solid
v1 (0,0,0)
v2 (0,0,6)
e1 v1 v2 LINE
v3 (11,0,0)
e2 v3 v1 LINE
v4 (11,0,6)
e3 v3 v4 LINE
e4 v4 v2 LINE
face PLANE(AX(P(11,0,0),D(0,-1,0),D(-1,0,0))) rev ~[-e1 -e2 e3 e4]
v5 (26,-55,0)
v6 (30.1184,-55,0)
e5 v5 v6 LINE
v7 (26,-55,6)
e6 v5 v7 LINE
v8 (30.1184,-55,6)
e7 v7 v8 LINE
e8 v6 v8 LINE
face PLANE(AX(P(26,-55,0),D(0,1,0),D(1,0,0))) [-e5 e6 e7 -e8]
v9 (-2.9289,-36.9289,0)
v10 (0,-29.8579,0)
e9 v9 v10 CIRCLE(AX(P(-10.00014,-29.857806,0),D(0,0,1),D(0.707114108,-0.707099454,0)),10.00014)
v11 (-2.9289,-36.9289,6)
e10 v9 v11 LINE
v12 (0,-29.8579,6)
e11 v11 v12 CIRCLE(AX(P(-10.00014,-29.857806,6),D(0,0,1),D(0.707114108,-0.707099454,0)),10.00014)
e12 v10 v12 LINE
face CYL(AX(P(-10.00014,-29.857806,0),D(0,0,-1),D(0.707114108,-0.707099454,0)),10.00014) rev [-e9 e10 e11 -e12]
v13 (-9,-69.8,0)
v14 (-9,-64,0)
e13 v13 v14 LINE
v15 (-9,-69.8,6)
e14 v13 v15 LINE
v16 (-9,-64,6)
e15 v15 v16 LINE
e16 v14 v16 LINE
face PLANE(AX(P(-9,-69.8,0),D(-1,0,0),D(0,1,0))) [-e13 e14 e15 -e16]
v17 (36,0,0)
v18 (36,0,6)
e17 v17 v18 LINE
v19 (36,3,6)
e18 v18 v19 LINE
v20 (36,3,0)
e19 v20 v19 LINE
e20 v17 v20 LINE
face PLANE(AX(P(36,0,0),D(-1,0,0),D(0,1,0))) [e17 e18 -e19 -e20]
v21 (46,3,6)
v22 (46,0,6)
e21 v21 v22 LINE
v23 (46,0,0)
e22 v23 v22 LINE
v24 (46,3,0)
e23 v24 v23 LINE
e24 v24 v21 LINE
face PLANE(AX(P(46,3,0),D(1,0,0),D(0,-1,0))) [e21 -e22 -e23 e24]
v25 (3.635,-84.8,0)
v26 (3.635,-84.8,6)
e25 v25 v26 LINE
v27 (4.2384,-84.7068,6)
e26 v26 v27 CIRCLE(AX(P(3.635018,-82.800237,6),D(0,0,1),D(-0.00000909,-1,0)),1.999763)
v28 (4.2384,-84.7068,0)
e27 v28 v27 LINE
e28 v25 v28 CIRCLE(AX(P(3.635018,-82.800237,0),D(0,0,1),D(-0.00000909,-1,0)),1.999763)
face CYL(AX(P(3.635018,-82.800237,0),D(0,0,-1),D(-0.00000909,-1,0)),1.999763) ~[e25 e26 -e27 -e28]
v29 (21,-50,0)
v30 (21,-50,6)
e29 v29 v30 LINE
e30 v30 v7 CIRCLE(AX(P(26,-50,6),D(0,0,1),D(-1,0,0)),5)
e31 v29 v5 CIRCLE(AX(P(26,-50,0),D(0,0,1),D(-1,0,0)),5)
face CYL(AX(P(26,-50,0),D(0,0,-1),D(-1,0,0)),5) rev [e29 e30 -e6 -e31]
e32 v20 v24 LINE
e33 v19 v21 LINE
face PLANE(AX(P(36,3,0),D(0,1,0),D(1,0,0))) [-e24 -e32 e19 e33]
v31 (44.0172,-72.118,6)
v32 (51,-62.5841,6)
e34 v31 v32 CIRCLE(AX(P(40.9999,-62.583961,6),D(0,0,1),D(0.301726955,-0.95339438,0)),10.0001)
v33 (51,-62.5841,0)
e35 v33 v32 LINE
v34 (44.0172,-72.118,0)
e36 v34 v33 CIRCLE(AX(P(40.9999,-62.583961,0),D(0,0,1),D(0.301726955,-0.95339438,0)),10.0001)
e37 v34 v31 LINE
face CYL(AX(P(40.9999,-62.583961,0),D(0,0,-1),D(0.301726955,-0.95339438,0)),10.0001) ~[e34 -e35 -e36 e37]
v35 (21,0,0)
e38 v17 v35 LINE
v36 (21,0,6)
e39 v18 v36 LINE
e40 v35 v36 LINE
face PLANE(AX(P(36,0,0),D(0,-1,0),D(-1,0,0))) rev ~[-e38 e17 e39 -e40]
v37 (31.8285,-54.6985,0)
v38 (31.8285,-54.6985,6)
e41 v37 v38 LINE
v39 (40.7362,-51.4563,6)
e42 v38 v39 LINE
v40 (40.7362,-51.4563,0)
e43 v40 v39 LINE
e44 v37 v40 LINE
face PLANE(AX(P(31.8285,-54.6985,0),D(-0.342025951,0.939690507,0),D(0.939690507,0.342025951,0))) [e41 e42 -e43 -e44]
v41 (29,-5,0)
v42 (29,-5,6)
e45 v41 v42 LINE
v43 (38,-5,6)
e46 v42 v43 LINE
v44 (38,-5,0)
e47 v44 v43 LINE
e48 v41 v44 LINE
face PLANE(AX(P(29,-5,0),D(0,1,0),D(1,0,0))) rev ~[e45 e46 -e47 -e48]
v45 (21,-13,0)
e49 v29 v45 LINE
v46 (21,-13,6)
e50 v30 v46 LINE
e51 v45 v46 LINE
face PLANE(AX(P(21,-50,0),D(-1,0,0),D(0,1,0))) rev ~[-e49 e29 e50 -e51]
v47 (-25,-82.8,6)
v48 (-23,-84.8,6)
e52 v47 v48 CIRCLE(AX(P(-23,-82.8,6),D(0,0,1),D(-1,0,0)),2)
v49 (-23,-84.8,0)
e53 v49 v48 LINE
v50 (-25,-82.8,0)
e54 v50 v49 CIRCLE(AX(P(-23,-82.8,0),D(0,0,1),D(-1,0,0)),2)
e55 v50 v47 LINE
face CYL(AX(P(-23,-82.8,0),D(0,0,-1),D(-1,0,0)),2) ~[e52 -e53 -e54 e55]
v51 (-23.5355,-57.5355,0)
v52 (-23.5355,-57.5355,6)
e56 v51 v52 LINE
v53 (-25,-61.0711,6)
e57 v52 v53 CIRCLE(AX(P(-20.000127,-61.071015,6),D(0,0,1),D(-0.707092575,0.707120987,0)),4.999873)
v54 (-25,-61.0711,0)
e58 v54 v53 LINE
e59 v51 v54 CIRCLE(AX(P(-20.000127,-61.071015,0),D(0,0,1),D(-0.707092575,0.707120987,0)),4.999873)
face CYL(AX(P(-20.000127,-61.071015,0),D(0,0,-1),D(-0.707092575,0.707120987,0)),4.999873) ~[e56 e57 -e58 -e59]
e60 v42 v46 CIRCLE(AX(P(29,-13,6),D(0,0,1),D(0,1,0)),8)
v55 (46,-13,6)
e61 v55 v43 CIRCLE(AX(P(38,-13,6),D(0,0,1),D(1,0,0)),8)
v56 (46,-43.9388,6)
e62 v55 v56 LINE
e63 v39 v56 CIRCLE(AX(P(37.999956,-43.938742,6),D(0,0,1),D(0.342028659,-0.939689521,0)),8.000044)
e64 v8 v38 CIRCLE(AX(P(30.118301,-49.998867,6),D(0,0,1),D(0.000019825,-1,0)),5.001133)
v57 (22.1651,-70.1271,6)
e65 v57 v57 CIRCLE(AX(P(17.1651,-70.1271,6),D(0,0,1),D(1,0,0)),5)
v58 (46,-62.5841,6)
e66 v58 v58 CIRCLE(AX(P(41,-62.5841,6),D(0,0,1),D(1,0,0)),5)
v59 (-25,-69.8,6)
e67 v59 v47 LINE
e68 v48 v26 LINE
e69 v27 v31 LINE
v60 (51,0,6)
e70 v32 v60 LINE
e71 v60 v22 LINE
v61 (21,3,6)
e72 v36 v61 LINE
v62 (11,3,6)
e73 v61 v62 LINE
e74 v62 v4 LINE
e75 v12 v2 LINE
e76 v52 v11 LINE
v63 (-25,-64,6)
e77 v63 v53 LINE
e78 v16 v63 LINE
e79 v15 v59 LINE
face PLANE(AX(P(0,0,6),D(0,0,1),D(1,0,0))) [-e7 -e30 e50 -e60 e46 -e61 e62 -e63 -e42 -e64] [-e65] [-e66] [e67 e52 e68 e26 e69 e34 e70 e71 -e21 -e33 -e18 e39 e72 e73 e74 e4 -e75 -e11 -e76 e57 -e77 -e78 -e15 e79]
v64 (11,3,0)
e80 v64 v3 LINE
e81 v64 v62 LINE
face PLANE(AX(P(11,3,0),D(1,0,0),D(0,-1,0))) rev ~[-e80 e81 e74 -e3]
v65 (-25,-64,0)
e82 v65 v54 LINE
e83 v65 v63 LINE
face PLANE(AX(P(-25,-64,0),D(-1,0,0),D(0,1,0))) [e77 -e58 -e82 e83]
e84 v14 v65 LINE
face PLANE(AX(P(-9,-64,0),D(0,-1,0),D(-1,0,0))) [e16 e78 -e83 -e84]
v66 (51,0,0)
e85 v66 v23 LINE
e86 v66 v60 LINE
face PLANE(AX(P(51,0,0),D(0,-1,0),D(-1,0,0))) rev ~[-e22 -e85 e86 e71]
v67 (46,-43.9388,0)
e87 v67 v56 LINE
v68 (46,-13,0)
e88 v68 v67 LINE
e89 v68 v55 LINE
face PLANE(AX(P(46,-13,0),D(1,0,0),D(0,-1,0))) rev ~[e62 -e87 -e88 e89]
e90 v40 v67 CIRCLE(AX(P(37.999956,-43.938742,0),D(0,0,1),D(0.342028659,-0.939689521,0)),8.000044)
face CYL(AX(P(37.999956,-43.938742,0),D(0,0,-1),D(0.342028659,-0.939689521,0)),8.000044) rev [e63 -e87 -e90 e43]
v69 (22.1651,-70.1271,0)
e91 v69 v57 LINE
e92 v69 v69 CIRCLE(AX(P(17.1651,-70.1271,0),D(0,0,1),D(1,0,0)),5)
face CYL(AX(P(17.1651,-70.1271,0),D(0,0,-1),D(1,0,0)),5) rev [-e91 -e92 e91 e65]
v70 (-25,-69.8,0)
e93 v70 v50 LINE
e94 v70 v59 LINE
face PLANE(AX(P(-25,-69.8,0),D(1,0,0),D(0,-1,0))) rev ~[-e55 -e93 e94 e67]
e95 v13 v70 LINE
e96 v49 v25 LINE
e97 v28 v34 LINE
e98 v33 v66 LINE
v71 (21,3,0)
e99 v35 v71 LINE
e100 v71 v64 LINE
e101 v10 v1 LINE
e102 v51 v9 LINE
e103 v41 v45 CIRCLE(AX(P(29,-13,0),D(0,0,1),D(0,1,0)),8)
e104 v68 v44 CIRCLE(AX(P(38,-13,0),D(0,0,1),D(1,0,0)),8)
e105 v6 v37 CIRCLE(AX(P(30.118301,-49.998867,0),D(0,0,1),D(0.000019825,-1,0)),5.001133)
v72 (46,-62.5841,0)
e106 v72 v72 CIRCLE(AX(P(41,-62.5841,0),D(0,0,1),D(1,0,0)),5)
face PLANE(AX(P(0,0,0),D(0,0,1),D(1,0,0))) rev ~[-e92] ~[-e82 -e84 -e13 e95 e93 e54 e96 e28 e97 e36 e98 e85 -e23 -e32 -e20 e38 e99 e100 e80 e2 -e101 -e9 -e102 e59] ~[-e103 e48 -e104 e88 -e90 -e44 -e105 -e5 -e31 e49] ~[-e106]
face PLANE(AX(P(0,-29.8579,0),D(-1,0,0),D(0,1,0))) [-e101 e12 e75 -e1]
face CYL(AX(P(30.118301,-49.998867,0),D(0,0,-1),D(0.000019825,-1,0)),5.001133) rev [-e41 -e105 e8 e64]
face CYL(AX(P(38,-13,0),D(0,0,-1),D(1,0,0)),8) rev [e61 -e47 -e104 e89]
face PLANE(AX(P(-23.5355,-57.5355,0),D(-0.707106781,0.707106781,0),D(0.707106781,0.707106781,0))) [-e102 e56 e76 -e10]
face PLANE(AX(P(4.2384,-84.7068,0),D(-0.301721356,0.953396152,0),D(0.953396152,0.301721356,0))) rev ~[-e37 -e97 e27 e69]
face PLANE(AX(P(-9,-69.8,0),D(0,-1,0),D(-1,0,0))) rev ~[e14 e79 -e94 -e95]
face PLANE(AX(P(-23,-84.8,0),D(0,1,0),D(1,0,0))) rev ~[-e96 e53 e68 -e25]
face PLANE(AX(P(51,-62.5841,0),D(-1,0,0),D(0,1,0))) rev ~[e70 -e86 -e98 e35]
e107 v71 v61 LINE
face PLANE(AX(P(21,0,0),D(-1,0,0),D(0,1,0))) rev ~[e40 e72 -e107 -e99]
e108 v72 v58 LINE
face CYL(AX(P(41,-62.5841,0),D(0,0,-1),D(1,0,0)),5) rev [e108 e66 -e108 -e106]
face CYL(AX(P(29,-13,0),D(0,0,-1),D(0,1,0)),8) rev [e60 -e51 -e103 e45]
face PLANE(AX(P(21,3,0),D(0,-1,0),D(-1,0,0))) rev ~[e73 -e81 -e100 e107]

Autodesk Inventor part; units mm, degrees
ref_plane "YZ Plane" through (0, 0, 0) normal (1, 0, 0) x (0, 1, 0)
ref_plane "XZ Plane" through (0, 0, 0) normal (0, 1, 0) x (-1, 0, 0)
ref_plane "XY Plane" through (0, 0, 0) normal (0, 0, 1) x (1, 0, 0)
sketch "Sketch1" plane through (0, 0, 0) normal (0, 0, 1) x (1, 0, 0)
  line L0 (51, -62.5841) -> (51, 0)
  line L1 (21, 0) -> (21, 3)
  line L2 (21, 3) -> (11, 3)
  line L3 (11, 3) -> (11, 0)
  line L4 (36, 0) -> (36, 3)
  line L5 (36, 3) -> (46, 3)
  line L6 (46, 3) -> (46, 0)
  line L7 (51, 0) -> (46, 0)
  line L8 (36, 0) -> (21, 0)
  line L9 (11, 0) -> (0, 0)
  line L10 (-9, -69.8) -> (-25, -69.8)
  line L11 (-9, -64) -> (-25, -64)
  line L12 (-9, -69.8) -> (-9, -64)
  line L13 (-25, -69.8) -> (-25, -82.8)
  line L14 (29, -5) -> (38, -5)
  line L15 (46, -13) -> (46, -43.9388)
  line L16 (21, -50) -> (21, -13)
  arc A0 (29, -5) -> (21, -13) centre (29, -13) ccw
  arc A1 (46, -13) -> (38, -5) centre (38, -13) ccw
  line L17 (4.2384, -84.7068) -> (44.0172, -72.118)
  line L18 (26, -55) -> (30.1184, -55)
  line L19 (31.8285, -54.6985) -> (40.7362, -51.4563)
  arc A2 (21, -50) -> (26, -55) centre (26, -50) ccw
  arc A3 (30.1184, -55) -> (31.8285, -54.6985) centre (30.1184, -50) ccw
  arc A4 (40.7362, -51.4563) -> (46, -43.9388) centre (38, -43.9388) ccw
  arc A5 (44.0172, -72.118) -> (51, -62.5841) centre (41, -62.5841) ccw
  circle A6 centre (17.1651, -70.1271) radius 5
  circle A7 centre (41, -62.5841) radius 5
  line L20 (-25, -64) -> (-25, -61.0711)
  line L21 (-23.5355, -57.5355) -> (-2.9289, -36.9289)
  line L22 (0, -29.8579) -> (0, 0)
  arc A8 (-2.9289, -36.9289) -> (0, -29.8579) centre (-10, -29.8579) ccw
  arc A9 (-23.5355, -57.5355) -> (-25, -61.0711) centre (-20, -61.0711) ccw
  line L23 (-23, -84.8) -> (3.635, -84.8)
  arc A10 (-25, -82.8) -> (-23, -84.8) centre (-23, -82.8) ccw
  arc A11 (3.635, -84.8) -> (4.2384, -84.7068) centre (3.635, -82.8) ccw
  point P0 (0, 0)
  point P1 (16, 3)
  point P2 (41, 3)
  point P3 (51, -69.9082)
  point P4 (-25, -84.8)
  point P5 (46, -49.5404)
  point P6 (21, -55)
  point P7 (31, -55)
  point P8 (-25, -59)
  point P9 (0, -34)
  dimension "d17" = 10
  dimension "d18" = 3
  dimension "d20" = 10
  dimension "d21" = 3
  dimension "d22" = 5
  dimension "d23" = 15
  dimension "d24" = 3
  dimension "d25" = 3
  dimension "d75" = 90
  dimension "d129" = 64
  dimension "d130" = 16
  dimension "d131" = 60
  dimension "d139" = 5.8
  dimension "d148" = 5
  dimension "d149" = 5
  dimension "d152" = 8
  dimension "d162" = 10
  dimension "d164" = 160
  dimension "d167" = 55
  dimension "d169" = 5
  dimension "d170" = 5
  dimension "d171" = 8
  dimension "d173" = 10
  dimension "d184" = 5
  dimension "d185" = 30
  dimension "d186" = 135
  dimension "d187" = 10
  dimension "d188" = 5
  dimension "d189" = 25
  dimension "d190" = 15
  dimension "d191" = 25
  dimension "d192" = 2
extrude "Extrusion10" add sketch "Sketch1" along normal blind 6
properties part number "Handle 27021014"
